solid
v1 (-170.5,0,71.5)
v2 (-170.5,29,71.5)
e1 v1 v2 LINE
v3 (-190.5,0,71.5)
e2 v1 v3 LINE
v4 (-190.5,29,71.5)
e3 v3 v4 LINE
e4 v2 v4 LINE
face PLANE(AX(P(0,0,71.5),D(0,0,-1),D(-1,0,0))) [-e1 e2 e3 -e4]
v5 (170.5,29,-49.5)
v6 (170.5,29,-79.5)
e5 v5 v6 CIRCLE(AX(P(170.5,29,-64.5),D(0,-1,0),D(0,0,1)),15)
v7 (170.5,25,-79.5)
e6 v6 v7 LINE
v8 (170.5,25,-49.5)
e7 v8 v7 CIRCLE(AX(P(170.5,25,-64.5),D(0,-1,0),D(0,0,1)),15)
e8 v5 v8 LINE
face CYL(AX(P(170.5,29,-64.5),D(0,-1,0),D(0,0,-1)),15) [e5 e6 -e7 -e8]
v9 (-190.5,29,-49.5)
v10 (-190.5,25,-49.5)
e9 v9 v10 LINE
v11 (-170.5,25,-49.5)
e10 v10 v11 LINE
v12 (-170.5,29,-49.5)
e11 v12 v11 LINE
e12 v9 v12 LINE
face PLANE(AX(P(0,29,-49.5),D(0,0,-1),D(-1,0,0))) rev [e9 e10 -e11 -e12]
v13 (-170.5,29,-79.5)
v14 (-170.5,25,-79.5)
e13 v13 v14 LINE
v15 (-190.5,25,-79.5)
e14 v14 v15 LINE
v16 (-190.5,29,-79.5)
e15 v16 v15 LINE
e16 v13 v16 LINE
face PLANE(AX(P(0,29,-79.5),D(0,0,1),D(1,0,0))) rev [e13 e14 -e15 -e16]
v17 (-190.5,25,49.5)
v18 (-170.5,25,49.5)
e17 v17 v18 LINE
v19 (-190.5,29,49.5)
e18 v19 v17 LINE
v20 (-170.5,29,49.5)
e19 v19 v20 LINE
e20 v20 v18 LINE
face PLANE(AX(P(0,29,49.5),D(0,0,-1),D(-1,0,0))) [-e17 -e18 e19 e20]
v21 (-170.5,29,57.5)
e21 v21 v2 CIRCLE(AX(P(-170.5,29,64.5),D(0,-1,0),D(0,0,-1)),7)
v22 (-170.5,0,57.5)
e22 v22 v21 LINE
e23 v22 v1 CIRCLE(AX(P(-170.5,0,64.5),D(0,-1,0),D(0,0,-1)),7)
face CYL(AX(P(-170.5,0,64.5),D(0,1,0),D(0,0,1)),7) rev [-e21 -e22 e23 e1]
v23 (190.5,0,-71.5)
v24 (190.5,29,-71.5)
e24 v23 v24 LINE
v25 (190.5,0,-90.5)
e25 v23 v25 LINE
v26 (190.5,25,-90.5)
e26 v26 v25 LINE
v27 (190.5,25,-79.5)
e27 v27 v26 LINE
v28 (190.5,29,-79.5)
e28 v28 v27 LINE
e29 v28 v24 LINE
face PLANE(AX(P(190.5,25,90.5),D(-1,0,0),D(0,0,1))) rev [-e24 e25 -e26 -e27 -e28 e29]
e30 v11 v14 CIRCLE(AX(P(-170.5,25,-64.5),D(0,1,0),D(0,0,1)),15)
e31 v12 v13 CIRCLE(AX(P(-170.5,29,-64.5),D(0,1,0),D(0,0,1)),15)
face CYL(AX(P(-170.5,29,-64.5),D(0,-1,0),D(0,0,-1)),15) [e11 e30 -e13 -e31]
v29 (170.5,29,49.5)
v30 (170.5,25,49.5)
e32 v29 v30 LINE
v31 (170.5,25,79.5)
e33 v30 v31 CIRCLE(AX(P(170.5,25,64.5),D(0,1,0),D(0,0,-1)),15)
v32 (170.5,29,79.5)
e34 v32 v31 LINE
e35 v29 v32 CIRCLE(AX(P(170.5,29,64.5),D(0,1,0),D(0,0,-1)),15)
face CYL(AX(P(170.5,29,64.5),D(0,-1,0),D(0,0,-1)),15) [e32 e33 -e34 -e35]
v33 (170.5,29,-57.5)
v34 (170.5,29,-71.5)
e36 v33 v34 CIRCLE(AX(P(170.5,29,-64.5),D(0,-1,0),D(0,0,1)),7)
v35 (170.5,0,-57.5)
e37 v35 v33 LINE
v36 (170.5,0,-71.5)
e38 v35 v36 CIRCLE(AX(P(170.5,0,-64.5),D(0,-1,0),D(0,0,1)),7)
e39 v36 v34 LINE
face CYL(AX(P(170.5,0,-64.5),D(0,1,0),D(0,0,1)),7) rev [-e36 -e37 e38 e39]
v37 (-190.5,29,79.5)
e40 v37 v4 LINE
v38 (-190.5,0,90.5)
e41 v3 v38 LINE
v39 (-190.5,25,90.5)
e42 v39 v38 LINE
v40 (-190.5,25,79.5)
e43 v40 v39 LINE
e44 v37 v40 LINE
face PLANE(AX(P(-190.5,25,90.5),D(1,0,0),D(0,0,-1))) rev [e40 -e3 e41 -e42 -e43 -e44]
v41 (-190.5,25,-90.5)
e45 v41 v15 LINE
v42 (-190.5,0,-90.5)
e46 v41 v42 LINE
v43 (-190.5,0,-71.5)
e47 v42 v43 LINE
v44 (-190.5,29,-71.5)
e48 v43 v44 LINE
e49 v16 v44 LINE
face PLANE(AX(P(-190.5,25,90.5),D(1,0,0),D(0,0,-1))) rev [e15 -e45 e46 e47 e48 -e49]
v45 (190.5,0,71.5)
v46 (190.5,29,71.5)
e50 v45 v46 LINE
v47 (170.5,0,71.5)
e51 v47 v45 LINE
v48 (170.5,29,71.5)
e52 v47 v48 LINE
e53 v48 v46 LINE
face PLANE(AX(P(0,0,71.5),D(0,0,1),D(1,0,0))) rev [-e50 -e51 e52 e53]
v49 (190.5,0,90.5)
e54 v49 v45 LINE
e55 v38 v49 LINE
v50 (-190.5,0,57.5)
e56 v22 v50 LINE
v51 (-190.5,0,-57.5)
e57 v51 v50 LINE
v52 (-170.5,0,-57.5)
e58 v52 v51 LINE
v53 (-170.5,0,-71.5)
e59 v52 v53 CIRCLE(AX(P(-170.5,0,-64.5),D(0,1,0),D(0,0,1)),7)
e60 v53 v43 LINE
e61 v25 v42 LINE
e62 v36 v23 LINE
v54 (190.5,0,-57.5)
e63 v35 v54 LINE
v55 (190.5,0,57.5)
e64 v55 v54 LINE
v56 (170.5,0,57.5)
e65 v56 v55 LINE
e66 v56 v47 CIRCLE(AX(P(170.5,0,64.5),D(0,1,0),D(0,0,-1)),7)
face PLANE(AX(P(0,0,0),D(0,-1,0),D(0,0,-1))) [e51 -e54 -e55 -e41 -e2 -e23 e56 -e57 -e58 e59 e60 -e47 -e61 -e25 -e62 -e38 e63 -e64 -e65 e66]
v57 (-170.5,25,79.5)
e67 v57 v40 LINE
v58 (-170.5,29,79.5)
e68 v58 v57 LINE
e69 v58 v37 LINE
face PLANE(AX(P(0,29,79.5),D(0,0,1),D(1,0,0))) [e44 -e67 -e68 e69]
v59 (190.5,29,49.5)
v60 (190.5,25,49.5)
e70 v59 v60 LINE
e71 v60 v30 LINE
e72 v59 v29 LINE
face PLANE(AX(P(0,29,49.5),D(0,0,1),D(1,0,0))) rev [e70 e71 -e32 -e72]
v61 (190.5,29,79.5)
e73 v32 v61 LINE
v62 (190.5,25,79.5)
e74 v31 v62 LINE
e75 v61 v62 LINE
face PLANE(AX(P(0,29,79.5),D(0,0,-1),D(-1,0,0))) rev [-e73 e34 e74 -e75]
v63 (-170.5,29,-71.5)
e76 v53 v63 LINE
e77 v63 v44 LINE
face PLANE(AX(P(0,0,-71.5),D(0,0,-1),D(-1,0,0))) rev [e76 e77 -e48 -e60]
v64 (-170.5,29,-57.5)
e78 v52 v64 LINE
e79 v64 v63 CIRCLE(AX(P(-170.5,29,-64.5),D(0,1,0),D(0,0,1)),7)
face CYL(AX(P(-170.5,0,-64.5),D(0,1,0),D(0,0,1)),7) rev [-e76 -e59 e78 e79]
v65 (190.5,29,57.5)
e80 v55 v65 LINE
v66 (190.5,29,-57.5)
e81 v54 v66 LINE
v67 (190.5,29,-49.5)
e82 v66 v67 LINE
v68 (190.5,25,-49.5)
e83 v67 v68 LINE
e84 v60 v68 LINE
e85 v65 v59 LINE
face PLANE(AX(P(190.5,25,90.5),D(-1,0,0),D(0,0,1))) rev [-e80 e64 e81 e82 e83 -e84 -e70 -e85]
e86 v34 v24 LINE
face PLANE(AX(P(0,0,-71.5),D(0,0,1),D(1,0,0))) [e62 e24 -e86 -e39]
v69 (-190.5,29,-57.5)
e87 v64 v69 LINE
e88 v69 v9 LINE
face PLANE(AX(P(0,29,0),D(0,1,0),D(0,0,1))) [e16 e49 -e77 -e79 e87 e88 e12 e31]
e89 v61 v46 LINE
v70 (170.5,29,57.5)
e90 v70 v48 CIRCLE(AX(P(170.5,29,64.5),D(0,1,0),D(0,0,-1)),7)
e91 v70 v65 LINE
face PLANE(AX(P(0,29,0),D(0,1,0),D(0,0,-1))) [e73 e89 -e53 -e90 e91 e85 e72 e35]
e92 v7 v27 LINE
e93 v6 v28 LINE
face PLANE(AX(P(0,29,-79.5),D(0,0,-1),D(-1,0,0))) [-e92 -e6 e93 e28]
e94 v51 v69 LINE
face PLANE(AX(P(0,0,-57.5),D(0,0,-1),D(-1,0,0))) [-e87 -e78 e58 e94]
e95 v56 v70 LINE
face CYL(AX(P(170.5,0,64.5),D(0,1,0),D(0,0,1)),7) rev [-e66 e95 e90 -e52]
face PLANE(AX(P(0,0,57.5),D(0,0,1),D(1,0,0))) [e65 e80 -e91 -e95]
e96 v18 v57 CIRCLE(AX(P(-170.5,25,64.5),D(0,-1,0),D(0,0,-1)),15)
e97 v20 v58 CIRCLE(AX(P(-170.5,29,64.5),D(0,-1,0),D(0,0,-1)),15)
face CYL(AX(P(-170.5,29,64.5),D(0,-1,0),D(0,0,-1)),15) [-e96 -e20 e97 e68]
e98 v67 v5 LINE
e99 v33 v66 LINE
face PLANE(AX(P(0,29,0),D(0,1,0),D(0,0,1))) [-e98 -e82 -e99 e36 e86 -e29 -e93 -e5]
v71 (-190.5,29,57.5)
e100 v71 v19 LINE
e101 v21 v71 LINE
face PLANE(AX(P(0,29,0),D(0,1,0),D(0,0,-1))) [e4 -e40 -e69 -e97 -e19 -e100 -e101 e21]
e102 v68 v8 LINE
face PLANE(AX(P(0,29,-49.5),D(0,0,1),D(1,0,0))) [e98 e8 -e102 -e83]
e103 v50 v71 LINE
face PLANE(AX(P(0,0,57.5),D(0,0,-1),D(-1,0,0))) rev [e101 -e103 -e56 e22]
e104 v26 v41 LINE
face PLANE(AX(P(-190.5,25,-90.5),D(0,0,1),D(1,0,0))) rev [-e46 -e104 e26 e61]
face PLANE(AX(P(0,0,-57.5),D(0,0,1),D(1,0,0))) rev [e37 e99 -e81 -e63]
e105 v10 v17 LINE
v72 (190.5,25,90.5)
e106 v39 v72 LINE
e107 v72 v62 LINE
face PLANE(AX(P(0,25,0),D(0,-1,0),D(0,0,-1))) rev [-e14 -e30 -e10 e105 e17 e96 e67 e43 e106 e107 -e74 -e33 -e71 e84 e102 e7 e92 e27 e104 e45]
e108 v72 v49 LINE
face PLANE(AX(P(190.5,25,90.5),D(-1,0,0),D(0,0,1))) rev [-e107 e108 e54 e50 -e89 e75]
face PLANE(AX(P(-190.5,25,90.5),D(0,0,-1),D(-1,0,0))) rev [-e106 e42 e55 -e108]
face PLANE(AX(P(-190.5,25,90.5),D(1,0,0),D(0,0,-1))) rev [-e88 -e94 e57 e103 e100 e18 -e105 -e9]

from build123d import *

# Parameters (mm, degrees)
SKETCH_1_W            = 381
SKETCH_1_H            = 181
EXTRUDE_1_DEPTH       = 25
CUT_EXTRUDE_1_DEPTH   = 25
EXTRUDE_START         = 4
EXTRUDE_2_DEPTH       = 4
MIRROR_2_COPY_1_DEPTH = 25
MIRROR_START          = 4
MIRROR_2_COPY_2_DEPTH = 4
MIRROR_2_COPY_3_DEPTH = 25
MIRROR_2_COPY_4_DEPTH = 4


with BuildPart() as part:
    # 草图1 → 凸台-拉伸1 (new body)
    with BuildSketch(Plane(origin=(0, 0, 0), x_dir=(1, 0, 0), z_dir=(0, 1, 0))):
        Rectangle(SKETCH_1_W, SKETCH_1_H)
    extrude(amount=EXTRUDE_1_DEPTH)

    # 草图2 → 切除-拉伸1 (cut)
    with BuildSketch(Plane(origin=(0, 25, 0), x_dir=(1, 0, 0), z_dir=(0, 1, 0))):
        with BuildLine():
            Line((-190.5, 57.5), (-170.5, 57.5))
            ThreePointArc((-170.5, 57.5), (-163.5, 64.5), (-170.5, 71.5))
            Line((-170.5, 71.5), (-190.5, 71.5))
            Line((-190.5, 71.5), (-190.5, 57.5))
        make_face()
    cut_extrude_1 = extrude(amount=-CUT_EXTRUDE_1_DEPTH, mode=Mode.SUBTRACT)

    # 草图2<3> → 凸台-拉伸2 (add)
    with BuildSketch(Plane(origin=(0, 25, 0), x_dir=(1, 0, 0), z_dir=(0, 1, 0)).offset(EXTRUDE_START)):
        with BuildLine():
            ThreePointArc((-170.5, 71.5), (-163.5, 64.5), (-170.5, 57.5))
            Line((-170.5, 57.5), (-190.5, 57.5))
            Line((-190.5, 57.5), (-190.5, 49.5))
            Line((-190.5, 49.5), (-170.5, 49.5))
            ThreePointArc((-170.5, 49.5), (-155.5, 64.5), (-170.5, 79.5))
            Line((-170.5, 79.5), (-190.5, 79.5))
            Line((-190.5, 79.5), (-190.5, 71.5))
            Line((-190.5, 71.5), (-170.5, 71.5))
        make_face()
    extrude_2 = extrude(amount=-EXTRUDE_2_DEPTH)

    # 镜向1: 切除-拉伸1, 凸台-拉伸2 across plane
    add(cut_extrude_1.mirror(Plane.XY), mode=Mode.SUBTRACT)
    add(extrude_2.mirror(Plane.XY))

    # 镜向2 copy 1 sketch → 镜向2 copy 1 (cut)
    with BuildSketch(Plane(origin=(0, 25, 0), x_dir=(-1, 0, 0), z_dir=(0, 1, 0))):
        with BuildLine():
            Line((-190.5, 57.5), (-170.5, 57.5))
            ThreePointArc((-170.5, 57.5), (-163.5, 64.5), (-170.5, 71.5))
            Line((-170.5, 71.5), (-190.5, 71.5))
            Line((-190.5, 71.5), (-190.5, 57.5))
        make_face()
    extrude(amount=-MIRROR_2_COPY_1_DEPTH, mode=Mode.SUBTRACT)

    # 镜向2 copy 2 sketch → 镜向2 copy 2 (add)
    with BuildSketch(Plane(origin=(0, 25, 0), x_dir=(-1, 0, 0), z_dir=(0, 1, 0)).offset(MIRROR_START)):
        with BuildLine():
            ThreePointArc((-170.5, 71.5), (-163.5, 64.5), (-170.5, 57.5))
            Line((-170.5, 57.5), (-190.5, 57.5))
            Line((-190.5, 57.5), (-190.5, 49.5))
            Line((-190.5, 49.5), (-170.5, 49.5))
            ThreePointArc((-170.5, 49.5), (-155.5, 64.5), (-170.5, 79.5))
            Line((-170.5, 79.5), (-190.5, 79.5))
            Line((-190.5, 79.5), (-190.5, 71.5))
            Line((-190.5, 71.5), (-170.5, 71.5))
        make_face()
    extrude(amount=-MIRROR_2_COPY_2_DEPTH)

    # 镜向2 copy 3 sketch → 镜向2 copy 3 (cut)
    with BuildSketch(Plane(origin=(0, 25, 0), x_dir=(-1, 0, 0), z_dir=(0, 1, 0))):
        with BuildLine():
            Line((-190.5, -57.5), (-170.5, -57.5))
            ThreePointArc((-170.5, -57.5), (-163.5, -64.5), (-170.5, -71.5))
            Line((-170.5, -71.5), (-190.5, -71.5))
            Line((-190.5, -71.5), (-190.5, -57.5))
        make_face()
    extrude(amount=-MIRROR_2_COPY_3_DEPTH, mode=Mode.SUBTRACT)

    # 镜向2 copy 4 sketch → 镜向2 copy 4 (add)
    with BuildSketch(Plane(origin=(0, 25, 0), x_dir=(-1, 0, 0), z_dir=(0, 1, 0)).offset(MIRROR_START)):
        with BuildLine():
            ThreePointArc((-170.5, -71.5), (-163.5, -64.5), (-170.5, -57.5))
            Line((-170.5, -57.5), (-190.5, -57.5))
            Line((-190.5, -57.5), (-190.5, -49.5))
            Line((-190.5, -49.5), (-170.5, -49.5))
            ThreePointArc((-170.5, -49.5), (-155.5, -64.5), (-170.5, -79.5))
            Line((-170.5, -79.5), (-190.5, -79.5))
            Line((-190.5, -79.5), (-190.5, -71.5))
            Line((-190.5, -71.5), (-170.5, -71.5))
        make_face()
    extrude(amount=-MIRROR_2_COPY_4_DEPTH)


solid = part.part
